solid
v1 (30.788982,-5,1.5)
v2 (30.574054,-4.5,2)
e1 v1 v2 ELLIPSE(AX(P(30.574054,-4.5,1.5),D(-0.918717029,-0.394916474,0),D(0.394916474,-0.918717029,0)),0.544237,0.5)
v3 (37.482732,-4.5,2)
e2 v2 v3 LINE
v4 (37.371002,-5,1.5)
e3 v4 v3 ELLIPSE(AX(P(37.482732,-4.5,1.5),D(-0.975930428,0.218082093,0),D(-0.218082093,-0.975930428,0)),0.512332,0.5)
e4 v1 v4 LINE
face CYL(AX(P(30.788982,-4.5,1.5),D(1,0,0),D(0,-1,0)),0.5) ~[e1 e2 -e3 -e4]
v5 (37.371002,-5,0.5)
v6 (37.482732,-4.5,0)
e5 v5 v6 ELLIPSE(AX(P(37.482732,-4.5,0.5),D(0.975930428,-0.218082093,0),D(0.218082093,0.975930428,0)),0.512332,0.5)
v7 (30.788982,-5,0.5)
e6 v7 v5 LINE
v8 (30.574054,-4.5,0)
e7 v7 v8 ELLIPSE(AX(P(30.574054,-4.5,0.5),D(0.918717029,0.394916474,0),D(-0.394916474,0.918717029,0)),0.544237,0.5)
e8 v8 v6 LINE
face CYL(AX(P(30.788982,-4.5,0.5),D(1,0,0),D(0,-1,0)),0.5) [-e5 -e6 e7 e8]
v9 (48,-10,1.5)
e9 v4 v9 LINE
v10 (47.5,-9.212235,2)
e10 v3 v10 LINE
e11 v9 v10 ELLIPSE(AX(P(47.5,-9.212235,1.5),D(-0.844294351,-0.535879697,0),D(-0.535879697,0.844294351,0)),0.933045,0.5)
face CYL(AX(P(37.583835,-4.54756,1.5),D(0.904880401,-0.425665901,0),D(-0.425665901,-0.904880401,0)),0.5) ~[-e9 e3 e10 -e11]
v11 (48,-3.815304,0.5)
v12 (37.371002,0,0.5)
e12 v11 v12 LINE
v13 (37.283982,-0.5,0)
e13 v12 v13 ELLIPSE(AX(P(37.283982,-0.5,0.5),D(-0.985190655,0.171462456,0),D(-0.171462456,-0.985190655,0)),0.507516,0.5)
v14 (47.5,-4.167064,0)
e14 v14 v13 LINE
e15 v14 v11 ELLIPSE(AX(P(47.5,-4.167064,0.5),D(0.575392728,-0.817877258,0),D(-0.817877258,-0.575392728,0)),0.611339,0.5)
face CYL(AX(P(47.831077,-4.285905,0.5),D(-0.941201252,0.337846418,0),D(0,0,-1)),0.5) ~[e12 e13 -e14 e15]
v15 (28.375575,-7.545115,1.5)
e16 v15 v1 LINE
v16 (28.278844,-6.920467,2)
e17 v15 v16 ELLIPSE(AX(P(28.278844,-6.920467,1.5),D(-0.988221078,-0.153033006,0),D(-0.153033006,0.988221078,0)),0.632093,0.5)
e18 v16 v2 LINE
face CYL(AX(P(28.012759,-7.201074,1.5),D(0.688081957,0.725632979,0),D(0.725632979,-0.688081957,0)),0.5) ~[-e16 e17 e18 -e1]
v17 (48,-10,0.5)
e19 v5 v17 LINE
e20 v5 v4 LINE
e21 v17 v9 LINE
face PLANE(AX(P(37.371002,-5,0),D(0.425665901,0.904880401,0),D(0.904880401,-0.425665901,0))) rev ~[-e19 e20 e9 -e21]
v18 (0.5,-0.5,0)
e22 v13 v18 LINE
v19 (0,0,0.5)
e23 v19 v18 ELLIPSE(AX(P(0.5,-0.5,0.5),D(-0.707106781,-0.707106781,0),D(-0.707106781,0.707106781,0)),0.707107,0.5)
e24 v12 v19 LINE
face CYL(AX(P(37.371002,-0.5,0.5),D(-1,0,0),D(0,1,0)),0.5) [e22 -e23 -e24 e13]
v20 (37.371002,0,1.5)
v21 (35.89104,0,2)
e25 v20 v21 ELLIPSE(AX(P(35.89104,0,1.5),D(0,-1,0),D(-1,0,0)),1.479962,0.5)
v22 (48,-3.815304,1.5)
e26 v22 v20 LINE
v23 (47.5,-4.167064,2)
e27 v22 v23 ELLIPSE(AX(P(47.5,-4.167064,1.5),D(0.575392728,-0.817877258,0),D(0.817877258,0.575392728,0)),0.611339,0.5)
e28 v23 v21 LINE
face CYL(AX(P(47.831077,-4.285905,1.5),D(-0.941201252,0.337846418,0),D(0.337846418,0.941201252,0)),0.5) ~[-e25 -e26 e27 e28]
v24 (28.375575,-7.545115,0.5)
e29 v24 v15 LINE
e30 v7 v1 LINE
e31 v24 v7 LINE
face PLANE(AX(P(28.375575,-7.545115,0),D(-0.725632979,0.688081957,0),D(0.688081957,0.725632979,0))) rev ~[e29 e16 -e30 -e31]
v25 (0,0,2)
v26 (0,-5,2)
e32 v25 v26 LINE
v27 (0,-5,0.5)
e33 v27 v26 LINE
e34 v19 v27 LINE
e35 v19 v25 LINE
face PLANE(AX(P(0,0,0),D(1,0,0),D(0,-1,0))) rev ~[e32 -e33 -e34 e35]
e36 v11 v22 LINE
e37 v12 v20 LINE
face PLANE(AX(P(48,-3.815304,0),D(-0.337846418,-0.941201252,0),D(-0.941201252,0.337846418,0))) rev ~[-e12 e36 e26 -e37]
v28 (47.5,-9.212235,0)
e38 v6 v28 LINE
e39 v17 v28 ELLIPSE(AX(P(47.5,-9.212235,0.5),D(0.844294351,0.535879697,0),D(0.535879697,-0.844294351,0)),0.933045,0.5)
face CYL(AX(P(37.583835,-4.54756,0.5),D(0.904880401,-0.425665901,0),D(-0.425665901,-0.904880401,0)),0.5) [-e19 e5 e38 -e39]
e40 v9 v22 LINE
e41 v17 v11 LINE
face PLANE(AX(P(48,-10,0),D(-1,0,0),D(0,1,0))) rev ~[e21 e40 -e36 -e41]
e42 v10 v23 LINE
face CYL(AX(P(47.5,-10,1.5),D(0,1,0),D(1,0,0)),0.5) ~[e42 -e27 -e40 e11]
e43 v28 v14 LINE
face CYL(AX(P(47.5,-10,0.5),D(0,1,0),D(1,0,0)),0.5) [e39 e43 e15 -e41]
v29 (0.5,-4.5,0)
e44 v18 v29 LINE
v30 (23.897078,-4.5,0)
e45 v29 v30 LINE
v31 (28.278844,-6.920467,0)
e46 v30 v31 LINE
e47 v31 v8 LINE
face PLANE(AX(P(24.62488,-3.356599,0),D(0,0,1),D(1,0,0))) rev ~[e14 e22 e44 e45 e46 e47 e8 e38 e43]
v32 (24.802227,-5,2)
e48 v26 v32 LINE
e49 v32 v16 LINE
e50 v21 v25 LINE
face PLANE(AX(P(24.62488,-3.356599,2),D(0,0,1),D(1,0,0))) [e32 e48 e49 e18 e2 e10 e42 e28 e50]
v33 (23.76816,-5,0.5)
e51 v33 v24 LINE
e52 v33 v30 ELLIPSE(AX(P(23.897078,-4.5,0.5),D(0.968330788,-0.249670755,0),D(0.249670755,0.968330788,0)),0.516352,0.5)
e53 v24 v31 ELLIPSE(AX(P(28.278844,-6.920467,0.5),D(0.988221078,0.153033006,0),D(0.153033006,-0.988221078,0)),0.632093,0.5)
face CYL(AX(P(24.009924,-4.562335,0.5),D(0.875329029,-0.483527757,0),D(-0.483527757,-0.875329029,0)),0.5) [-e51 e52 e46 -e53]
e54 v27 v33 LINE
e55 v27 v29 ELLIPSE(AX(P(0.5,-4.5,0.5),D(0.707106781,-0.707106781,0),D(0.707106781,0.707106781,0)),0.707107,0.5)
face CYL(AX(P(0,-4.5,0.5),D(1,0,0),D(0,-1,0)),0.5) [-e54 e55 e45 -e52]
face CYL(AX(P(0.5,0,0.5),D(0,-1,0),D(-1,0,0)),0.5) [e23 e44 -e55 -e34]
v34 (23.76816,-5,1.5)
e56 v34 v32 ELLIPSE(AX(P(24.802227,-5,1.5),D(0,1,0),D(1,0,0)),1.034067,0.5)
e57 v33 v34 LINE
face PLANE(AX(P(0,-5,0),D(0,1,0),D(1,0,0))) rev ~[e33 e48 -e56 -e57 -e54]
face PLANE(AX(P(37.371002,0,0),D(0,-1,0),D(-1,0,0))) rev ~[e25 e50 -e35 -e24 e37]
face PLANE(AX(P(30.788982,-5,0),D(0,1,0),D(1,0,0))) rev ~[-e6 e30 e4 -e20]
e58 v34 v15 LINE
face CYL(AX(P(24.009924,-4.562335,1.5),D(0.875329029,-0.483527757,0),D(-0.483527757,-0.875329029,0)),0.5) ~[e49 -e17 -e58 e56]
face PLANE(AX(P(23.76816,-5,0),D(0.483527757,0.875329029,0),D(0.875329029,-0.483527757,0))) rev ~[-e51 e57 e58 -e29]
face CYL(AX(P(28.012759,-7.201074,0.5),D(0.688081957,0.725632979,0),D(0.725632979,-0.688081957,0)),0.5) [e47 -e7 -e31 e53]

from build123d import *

# Parameters (mm, degrees)
F1_DEPTH = 2
F2_R     = 0.5
F3_R     = 0.5


with BuildPart() as f1:
    # F0 (on Top) → F1 (new body)
    with BuildSketch(Plane.XY):
        Polygon((37.371002, 0), (0, 0), (0, -5), (23.76816, -5), (28.375575, -7.545115), (30.788982, -5), (37.371002, -5), (48, -10), (48, -3.815304), align=None)
    extrude(amount=F1_DEPTH)

    # F2
    f2_edges = [f1.edges().sort_by_distance(p)[0] for p in [
        (48, -6.907652, 2),
        (42.685501, -7.5, 2),
        (34.079992, -5, 2),
        (29.582279, -6.272558, 2),
        (26.071868, -6.272558, 2),
        (42.685501, -1.907652, 2),
    ]]
    fillet(f2_edges, radius=F2_R)

    # F3
    f3_edges = [f1.edges().sort_by_distance(p)[0] for p in [
        (11.88408, -5, 0),
        (26.071868, -6.272558, 0),
        (29.582279, -6.272558, 0),
        (34.079992, -5, 0),
        (42.685501, -7.5, 0),
        (18.685501, 0, 0),
        (42.685501, -1.907652, 0),
        (0, -2.5, 0),
        (48, -6.907652, 0),
    ]]
    fillet(f3_edges, radius=F3_R)


solid = f1.part
